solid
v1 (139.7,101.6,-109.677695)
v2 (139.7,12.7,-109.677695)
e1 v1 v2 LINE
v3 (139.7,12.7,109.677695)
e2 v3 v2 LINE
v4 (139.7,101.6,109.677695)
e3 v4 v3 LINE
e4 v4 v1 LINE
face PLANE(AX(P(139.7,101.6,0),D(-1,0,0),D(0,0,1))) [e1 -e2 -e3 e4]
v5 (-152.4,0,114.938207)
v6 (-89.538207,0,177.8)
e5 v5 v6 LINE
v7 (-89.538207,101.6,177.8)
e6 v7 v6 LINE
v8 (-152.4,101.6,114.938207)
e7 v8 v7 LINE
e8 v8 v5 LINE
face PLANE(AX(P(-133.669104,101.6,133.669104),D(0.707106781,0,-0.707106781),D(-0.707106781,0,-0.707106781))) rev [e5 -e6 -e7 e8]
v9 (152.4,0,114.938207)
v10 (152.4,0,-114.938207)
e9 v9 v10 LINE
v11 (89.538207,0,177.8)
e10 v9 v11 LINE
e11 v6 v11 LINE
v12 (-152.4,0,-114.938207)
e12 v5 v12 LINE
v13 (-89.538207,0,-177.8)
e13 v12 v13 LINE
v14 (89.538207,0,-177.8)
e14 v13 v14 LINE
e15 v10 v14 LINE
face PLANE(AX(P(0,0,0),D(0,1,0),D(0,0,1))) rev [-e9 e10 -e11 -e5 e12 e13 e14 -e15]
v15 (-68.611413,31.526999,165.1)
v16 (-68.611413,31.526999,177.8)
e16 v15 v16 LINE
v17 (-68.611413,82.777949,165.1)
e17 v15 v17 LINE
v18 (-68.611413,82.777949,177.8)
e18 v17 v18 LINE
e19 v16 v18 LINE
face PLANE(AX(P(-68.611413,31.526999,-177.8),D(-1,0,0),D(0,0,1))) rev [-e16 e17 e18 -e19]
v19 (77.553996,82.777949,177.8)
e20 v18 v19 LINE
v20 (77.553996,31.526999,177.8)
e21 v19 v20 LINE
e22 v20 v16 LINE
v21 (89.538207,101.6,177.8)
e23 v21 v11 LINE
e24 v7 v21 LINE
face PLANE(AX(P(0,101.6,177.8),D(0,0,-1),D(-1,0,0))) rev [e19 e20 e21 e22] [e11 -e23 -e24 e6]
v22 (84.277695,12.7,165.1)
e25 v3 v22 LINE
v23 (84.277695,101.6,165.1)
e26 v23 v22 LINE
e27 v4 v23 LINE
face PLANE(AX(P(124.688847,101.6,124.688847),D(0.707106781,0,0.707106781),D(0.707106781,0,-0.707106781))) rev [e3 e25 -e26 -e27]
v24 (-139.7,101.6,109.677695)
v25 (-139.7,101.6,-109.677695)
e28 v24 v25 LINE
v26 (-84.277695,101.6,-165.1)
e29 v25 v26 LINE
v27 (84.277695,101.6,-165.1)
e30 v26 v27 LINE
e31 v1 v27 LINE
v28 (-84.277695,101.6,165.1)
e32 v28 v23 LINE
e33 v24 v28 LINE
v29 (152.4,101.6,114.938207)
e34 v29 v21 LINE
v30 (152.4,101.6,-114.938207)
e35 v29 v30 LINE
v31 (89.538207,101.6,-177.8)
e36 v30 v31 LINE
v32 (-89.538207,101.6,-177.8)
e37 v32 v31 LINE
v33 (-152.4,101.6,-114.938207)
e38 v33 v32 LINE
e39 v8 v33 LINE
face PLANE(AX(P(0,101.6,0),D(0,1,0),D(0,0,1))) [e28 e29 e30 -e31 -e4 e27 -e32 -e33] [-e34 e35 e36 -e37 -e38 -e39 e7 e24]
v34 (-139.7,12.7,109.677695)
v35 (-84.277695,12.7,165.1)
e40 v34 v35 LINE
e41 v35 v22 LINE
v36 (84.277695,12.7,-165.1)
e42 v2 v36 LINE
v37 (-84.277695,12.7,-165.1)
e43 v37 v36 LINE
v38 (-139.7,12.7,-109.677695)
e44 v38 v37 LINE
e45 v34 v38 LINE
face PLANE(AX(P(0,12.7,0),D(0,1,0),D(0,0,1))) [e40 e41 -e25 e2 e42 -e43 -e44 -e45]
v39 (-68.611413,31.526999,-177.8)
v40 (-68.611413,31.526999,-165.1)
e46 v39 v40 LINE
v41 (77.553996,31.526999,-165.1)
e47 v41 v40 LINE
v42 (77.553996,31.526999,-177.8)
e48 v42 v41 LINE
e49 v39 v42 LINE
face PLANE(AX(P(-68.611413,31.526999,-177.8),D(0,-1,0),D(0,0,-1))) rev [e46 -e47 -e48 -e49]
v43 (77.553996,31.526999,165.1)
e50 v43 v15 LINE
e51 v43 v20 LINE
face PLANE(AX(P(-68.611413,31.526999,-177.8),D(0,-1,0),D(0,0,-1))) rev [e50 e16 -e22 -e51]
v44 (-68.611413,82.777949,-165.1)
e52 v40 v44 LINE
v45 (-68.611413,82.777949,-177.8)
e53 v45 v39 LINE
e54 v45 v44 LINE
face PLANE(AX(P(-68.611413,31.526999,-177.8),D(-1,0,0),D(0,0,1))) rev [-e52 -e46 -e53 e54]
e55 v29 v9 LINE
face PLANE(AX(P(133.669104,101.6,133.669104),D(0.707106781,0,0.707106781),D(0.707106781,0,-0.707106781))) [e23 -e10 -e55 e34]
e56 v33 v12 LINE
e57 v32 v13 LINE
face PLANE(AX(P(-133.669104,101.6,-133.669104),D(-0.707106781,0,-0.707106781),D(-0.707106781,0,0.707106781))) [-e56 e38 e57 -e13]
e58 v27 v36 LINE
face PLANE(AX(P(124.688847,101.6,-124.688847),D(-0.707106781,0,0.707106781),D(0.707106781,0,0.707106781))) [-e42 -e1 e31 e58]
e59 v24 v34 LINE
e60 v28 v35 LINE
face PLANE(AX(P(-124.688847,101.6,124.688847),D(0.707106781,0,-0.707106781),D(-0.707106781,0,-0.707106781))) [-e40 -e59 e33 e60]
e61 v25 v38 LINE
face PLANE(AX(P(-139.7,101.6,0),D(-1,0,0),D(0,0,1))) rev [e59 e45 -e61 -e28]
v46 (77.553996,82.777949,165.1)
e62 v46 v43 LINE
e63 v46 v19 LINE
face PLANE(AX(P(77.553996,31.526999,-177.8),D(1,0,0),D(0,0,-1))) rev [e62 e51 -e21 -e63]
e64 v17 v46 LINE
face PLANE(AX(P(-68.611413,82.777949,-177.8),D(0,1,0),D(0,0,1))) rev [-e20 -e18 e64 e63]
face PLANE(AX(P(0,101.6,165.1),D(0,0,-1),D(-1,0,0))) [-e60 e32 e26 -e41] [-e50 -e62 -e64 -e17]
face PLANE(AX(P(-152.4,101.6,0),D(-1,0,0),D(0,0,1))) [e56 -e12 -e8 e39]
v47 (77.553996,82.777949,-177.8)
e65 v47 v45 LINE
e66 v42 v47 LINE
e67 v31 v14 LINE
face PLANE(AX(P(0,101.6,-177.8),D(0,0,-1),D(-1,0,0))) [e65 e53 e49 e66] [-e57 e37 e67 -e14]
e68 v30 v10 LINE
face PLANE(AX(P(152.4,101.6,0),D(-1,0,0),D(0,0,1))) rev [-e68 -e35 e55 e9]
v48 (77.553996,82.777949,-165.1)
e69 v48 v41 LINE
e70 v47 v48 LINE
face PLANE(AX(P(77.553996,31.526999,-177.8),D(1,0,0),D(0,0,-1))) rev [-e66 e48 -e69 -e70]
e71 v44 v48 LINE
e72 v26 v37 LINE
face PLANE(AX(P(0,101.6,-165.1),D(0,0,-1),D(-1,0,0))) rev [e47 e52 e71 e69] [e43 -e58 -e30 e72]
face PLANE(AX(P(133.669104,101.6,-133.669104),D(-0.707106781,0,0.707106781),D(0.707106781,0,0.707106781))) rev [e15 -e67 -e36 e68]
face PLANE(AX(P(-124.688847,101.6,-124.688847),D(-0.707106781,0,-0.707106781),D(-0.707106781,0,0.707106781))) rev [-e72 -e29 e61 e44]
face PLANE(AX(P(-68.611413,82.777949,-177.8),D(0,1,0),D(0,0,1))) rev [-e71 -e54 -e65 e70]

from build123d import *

# Parameters (mm, degrees)
BOSS_EXTRUDE1_DEPTH     = 101.6
SHELL1_T                = -12.7
CUT_EXTRUDE1_DEPTH      = 400.9996
CUT_EXTRUDE1_DEPTH_BACK = 400.9996
SKETCH2_W               = 146.165409225
SKETCH2_H               = 51.250950884


with BuildPart() as part:
    # Sketch1 → Boss-Extrude1 (new body)
    with BuildSketch(Plane(origin=(0, 0, 0), x_dir=(1, 0, 0), z_dir=(0, 1, 0))):
        Polygon((-89.538207153, 177.8), (-152.4, 114.938207153), (-152.4, -114.938207153), (-89.538207153, -177.8), (89.538207153, -177.8), (152.4, -114.938207153), (152.4, 114.938207153), (89.538207153, 177.8), align=None)
    extrude(amount=BOSS_EXTRUDE1_DEPTH)

    # Shell1
    shell1_openings = [part.faces().sort_by_distance(p)[0] for p in [
        (0, 101.6, 0),
    ]]
    offset(amount=SHELL1_T, openings=shell1_openings, kind=Kind.INTERSECTION)

    # Sketch2 → Cut-Extrude1 (cut, two sides: drawn at the far end of the back side and taken through both)
    with BuildSketch(Plane.XY.offset(177.8).offset(-CUT_EXTRUDE1_DEPTH_BACK)):
        with Locations((4.47129157, 57.152474053)):
            Rectangle(SKETCH2_W, SKETCH2_H)
    extrude(amount=CUT_EXTRUDE1_DEPTH + CUT_EXTRUDE1_DEPTH_BACK, mode=Mode.SUBTRACT)


solid = part.part
